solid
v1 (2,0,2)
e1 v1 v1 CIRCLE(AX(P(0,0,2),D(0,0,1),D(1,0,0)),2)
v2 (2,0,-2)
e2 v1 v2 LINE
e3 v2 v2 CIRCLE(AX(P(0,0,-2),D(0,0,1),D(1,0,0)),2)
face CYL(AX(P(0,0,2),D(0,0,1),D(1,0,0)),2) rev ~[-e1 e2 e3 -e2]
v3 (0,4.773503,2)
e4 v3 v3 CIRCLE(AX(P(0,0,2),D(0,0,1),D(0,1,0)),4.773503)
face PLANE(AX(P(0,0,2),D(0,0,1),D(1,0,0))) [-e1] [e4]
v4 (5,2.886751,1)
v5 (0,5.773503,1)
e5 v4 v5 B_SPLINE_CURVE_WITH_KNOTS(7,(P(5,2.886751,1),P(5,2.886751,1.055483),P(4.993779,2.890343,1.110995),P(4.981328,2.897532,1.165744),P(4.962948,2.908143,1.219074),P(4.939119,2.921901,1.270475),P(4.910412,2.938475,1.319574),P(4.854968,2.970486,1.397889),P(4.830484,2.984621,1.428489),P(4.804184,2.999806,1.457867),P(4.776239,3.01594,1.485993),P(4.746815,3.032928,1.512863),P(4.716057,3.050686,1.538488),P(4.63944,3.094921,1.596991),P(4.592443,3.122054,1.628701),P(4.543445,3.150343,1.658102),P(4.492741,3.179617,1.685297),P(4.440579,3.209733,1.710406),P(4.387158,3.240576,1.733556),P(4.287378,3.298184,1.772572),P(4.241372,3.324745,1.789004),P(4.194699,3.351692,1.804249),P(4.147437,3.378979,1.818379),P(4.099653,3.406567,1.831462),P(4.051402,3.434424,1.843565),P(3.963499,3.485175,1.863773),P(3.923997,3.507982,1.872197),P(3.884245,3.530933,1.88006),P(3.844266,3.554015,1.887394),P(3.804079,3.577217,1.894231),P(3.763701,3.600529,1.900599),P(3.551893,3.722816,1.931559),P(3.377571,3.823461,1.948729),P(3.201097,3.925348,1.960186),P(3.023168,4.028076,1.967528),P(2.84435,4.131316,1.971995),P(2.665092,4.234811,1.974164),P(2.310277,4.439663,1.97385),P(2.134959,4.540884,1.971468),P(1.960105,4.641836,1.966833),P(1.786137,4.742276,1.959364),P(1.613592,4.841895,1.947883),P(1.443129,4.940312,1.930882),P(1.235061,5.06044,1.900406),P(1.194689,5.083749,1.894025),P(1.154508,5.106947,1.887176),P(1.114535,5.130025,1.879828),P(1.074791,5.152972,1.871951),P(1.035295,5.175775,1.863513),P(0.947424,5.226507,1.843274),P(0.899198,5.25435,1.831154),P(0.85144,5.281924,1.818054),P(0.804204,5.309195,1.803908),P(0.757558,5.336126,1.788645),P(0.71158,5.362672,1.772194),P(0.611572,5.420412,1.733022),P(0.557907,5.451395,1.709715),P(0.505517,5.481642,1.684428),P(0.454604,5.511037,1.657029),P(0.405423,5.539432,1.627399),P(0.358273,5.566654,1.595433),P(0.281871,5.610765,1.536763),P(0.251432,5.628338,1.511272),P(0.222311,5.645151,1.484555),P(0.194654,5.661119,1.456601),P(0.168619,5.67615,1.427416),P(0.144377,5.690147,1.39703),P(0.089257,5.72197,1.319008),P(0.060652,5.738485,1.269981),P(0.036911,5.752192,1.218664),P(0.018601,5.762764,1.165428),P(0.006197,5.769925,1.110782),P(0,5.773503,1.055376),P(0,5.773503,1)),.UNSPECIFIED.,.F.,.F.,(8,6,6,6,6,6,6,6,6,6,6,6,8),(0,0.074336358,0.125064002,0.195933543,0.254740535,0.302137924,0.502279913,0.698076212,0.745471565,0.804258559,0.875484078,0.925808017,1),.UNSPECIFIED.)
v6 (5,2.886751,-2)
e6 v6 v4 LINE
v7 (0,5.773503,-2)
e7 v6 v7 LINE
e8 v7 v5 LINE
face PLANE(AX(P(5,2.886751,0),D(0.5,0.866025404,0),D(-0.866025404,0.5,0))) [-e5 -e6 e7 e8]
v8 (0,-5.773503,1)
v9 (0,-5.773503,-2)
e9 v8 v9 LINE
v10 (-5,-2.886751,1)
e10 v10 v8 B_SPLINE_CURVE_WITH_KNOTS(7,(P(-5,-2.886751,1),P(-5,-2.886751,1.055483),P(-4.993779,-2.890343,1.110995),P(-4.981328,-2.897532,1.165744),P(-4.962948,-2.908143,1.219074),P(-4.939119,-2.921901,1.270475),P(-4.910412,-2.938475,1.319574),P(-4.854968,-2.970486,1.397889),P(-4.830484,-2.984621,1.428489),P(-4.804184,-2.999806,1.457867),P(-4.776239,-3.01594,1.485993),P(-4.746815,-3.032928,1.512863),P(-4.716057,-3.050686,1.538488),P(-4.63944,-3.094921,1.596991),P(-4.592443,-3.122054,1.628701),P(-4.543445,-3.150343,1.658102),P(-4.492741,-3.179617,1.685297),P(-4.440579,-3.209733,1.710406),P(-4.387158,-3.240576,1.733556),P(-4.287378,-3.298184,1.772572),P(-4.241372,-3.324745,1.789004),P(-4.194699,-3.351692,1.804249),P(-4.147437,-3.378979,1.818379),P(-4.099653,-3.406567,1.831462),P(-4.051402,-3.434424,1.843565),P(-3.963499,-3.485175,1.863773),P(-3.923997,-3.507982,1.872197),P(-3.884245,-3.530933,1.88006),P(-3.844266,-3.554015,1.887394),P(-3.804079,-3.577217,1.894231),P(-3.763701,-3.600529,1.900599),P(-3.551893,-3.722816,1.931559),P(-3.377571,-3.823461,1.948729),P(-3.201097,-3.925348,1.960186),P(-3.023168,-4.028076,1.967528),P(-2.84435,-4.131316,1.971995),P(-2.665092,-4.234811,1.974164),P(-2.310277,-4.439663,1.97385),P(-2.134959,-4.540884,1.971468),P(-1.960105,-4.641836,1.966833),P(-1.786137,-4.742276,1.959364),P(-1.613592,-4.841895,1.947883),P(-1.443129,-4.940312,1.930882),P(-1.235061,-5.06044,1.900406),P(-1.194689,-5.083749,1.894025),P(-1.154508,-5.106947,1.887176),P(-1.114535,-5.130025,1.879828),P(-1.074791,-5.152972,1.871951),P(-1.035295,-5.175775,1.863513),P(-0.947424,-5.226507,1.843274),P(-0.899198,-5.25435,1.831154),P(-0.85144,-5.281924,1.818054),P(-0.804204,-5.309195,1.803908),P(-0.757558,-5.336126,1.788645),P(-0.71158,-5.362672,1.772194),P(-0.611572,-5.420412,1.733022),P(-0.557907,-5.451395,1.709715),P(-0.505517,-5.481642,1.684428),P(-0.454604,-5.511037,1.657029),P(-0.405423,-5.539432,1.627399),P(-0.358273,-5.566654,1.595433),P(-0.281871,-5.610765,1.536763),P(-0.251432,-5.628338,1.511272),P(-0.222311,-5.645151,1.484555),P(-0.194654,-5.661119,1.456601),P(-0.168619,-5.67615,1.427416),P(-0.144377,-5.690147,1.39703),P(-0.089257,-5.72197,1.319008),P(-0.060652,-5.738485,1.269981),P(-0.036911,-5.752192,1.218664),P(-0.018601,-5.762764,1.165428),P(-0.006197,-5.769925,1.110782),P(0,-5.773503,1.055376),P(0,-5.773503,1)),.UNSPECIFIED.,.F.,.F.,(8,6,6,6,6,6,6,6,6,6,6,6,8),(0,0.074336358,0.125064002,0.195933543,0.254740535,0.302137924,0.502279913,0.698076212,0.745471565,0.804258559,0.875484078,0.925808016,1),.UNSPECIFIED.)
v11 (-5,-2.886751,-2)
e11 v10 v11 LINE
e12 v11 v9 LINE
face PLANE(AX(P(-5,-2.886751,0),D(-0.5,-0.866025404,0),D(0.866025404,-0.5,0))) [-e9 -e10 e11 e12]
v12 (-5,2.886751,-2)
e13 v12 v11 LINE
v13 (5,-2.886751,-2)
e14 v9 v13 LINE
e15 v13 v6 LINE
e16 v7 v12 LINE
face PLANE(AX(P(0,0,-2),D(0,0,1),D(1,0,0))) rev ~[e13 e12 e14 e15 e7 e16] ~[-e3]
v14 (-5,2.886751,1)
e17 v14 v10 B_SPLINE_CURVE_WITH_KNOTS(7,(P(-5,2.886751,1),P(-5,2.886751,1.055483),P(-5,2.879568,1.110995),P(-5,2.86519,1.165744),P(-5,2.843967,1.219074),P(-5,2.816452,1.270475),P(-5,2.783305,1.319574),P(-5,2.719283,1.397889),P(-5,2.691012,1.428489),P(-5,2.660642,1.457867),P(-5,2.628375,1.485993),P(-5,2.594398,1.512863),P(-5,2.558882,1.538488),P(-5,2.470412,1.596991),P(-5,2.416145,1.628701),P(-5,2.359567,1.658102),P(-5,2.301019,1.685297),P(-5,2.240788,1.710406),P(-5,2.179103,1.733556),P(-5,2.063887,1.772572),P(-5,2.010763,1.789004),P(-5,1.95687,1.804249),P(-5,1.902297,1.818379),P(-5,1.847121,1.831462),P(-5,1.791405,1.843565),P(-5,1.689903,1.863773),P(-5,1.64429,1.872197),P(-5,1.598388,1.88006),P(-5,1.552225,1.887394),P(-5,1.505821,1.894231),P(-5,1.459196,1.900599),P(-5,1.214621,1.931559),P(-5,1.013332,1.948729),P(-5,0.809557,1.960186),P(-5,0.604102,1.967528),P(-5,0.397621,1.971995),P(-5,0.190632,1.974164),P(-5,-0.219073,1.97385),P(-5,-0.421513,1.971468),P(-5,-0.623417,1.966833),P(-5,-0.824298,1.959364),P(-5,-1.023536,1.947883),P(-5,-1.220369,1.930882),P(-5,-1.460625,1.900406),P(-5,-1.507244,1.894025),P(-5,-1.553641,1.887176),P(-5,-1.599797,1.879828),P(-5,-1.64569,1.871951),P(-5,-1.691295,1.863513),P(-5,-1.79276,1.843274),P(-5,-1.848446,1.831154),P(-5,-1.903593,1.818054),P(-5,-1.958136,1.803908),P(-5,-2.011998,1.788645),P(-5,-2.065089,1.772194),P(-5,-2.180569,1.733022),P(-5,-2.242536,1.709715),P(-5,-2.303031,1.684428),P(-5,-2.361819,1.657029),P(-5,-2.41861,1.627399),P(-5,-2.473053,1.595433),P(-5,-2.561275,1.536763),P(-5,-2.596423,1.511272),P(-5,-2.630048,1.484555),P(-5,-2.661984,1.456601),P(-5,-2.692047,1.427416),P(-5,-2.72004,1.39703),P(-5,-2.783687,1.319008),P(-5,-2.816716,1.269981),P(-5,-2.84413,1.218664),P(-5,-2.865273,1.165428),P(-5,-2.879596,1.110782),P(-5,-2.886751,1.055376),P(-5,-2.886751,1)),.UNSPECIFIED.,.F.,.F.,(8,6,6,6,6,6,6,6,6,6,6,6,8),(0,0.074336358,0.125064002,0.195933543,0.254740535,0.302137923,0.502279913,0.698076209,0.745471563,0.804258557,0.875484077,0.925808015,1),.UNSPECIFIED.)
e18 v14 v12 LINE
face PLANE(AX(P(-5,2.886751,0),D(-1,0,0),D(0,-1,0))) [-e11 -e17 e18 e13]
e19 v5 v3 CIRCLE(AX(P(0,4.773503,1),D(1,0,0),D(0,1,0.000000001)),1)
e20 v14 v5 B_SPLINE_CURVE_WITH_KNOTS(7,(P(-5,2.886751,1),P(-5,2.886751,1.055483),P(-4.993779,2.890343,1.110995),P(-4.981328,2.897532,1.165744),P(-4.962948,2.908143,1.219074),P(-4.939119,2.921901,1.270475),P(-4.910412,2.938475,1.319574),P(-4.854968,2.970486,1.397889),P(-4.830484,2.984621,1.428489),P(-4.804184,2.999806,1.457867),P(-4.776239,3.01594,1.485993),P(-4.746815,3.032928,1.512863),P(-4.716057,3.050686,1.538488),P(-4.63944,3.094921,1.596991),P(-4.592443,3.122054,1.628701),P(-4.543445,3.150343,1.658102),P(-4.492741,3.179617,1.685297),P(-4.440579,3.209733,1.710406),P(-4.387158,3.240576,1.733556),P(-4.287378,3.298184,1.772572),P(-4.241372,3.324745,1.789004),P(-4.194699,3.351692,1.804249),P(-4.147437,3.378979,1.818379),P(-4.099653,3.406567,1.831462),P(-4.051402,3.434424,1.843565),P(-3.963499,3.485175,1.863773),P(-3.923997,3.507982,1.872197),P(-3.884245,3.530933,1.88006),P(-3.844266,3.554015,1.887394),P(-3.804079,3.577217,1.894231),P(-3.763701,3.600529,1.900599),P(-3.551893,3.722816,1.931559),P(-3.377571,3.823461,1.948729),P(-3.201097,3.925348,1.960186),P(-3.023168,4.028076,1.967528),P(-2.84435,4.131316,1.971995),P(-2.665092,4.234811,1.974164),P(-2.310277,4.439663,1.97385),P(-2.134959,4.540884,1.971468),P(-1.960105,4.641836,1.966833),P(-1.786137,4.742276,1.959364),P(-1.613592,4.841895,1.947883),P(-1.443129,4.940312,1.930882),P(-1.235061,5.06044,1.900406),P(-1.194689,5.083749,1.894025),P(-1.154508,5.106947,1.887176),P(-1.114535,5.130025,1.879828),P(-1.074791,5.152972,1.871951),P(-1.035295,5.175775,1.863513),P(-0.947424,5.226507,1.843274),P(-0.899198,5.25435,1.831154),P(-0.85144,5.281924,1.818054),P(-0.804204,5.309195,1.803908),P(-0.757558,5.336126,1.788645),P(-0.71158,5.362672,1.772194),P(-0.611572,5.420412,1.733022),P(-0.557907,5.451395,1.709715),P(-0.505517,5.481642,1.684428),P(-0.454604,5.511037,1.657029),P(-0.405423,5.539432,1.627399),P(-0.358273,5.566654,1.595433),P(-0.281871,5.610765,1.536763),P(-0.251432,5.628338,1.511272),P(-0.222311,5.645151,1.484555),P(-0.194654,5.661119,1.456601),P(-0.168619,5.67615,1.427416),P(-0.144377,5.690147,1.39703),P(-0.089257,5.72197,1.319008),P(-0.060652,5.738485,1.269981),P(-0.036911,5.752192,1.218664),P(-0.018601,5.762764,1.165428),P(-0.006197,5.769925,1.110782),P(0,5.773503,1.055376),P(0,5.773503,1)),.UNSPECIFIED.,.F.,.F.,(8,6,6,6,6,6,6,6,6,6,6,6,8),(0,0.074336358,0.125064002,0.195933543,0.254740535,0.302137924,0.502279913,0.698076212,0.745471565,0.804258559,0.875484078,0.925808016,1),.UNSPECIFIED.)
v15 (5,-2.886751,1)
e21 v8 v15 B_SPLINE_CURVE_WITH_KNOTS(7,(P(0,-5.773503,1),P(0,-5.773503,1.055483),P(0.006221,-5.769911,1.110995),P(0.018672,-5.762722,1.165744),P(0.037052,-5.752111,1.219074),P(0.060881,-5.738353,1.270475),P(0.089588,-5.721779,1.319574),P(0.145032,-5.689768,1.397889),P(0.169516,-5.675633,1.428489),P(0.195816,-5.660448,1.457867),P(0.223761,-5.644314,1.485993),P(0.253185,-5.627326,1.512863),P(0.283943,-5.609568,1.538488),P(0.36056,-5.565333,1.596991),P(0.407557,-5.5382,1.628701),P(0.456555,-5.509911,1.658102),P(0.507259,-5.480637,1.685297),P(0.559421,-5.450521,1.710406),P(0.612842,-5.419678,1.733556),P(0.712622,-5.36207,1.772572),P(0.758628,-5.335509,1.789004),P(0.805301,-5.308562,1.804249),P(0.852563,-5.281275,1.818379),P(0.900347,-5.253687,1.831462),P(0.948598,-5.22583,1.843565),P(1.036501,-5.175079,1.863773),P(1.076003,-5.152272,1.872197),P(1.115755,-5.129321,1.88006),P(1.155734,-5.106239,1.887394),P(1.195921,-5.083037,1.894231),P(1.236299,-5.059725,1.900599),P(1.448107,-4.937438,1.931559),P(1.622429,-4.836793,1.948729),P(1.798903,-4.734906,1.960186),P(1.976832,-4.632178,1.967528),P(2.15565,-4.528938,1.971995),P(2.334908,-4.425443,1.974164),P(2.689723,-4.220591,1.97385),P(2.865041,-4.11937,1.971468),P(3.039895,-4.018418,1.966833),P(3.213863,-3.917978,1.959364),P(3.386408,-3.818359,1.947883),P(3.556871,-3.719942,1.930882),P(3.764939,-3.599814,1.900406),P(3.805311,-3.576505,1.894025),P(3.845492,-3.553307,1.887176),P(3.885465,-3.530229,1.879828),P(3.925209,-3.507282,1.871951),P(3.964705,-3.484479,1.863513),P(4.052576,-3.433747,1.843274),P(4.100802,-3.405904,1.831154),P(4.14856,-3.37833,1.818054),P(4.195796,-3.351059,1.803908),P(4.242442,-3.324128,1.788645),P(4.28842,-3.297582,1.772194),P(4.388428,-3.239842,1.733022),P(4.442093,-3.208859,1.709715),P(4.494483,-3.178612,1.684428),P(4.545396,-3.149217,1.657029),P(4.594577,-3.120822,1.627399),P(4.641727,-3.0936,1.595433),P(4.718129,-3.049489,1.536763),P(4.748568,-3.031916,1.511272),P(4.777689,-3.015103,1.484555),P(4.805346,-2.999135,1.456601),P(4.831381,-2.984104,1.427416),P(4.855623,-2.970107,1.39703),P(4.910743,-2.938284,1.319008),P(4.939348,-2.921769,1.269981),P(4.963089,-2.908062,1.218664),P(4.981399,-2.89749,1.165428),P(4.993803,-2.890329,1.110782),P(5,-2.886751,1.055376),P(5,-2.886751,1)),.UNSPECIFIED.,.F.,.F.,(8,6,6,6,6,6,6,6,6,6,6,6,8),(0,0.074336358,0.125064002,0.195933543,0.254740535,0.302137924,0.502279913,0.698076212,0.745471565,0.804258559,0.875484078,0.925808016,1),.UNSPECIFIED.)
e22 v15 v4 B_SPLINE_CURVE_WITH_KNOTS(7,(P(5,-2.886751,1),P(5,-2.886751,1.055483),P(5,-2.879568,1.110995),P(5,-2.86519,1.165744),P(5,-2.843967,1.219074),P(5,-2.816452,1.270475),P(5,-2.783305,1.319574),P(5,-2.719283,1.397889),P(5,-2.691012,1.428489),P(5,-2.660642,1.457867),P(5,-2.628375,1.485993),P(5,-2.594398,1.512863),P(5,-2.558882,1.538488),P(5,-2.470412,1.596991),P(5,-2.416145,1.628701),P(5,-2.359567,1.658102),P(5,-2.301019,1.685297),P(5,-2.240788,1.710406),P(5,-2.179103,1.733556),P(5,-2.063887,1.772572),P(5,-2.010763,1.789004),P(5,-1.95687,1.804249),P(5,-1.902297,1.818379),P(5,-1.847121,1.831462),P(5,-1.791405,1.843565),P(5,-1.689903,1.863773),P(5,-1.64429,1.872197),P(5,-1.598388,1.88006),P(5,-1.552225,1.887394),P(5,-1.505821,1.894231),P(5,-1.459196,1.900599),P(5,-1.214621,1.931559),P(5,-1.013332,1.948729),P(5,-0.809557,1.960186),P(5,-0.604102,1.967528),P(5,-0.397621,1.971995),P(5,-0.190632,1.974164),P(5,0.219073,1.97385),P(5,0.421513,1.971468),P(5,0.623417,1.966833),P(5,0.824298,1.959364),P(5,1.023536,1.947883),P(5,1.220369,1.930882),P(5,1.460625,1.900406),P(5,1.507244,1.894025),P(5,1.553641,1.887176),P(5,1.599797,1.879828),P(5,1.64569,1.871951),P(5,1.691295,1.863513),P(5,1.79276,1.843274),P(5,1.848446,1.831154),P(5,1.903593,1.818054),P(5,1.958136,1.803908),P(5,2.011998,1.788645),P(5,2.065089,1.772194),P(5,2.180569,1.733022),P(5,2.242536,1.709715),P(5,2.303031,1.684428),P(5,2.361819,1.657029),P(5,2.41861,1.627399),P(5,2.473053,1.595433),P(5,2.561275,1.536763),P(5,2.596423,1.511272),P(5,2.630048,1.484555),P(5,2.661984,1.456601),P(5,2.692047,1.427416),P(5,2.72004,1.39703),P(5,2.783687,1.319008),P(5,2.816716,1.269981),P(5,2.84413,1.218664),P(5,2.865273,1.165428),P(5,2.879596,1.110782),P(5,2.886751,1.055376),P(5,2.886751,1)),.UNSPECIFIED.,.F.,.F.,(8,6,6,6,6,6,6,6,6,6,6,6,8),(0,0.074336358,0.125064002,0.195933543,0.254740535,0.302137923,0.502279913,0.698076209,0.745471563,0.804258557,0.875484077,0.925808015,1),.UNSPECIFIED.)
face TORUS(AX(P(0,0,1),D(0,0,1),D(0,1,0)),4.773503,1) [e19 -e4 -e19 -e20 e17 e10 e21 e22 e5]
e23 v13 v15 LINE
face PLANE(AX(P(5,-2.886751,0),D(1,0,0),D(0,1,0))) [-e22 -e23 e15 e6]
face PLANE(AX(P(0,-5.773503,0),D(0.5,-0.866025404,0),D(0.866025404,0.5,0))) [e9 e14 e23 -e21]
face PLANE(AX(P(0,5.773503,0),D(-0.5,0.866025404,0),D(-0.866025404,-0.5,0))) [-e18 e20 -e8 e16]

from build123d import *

# Parameters (mm, degrees)
BOSS_EXTRUDE1_DEPTH = 2
SKETCH4_R           = 2
CUT_EXTRUDE1_DEPTH  = 10


with BuildPart() as part:
    # Sketch1 → Boss-Extrude1 (new body, symmetric)
    with BuildSketch(Plane.XY):
        Polygon((0, -5.773502692), (5, -2.886751346), (5, 2.886751346), (0, 5.773502692), (-5, 2.886751346), (-5, -2.886751346), align=None)
    extrude(amount=BOSS_EXTRUDE1_DEPTH, both=True)

    # Sketch3 → Cut-Revolve2 (revolve, cut)
    with BuildSketch(Plane(origin=(0, 0, 0), x_dir=(0, 0, -1), z_dir=(1, 0, 0))):
        with BuildLine():
            Line((-2, 4.773502692), (-3.338978682, 5.429088281))
            Line((-3.338978682, 5.429088281), (-2.142437664, 6.332858624))
            Line((-2.142437664, 6.332858624), (-1, 5.773502692))
            ThreePointArc((-1, 5.773502692), (-1.707106781, 5.480609473), (-2, 4.773502692))
        make_face()
    revolve(axis=Axis((0, 0, 0), (0, 0, 1)), mode=Mode.SUBTRACT)

    # Sketch4 → Cut-Extrude1 (cut)
    with BuildSketch(Plane.XY.offset(2)):
        Circle(SKETCH4_R)
    extrude(amount=-CUT_EXTRUDE1_DEPTH, mode=Mode.SUBTRACT)


solid = part.part
